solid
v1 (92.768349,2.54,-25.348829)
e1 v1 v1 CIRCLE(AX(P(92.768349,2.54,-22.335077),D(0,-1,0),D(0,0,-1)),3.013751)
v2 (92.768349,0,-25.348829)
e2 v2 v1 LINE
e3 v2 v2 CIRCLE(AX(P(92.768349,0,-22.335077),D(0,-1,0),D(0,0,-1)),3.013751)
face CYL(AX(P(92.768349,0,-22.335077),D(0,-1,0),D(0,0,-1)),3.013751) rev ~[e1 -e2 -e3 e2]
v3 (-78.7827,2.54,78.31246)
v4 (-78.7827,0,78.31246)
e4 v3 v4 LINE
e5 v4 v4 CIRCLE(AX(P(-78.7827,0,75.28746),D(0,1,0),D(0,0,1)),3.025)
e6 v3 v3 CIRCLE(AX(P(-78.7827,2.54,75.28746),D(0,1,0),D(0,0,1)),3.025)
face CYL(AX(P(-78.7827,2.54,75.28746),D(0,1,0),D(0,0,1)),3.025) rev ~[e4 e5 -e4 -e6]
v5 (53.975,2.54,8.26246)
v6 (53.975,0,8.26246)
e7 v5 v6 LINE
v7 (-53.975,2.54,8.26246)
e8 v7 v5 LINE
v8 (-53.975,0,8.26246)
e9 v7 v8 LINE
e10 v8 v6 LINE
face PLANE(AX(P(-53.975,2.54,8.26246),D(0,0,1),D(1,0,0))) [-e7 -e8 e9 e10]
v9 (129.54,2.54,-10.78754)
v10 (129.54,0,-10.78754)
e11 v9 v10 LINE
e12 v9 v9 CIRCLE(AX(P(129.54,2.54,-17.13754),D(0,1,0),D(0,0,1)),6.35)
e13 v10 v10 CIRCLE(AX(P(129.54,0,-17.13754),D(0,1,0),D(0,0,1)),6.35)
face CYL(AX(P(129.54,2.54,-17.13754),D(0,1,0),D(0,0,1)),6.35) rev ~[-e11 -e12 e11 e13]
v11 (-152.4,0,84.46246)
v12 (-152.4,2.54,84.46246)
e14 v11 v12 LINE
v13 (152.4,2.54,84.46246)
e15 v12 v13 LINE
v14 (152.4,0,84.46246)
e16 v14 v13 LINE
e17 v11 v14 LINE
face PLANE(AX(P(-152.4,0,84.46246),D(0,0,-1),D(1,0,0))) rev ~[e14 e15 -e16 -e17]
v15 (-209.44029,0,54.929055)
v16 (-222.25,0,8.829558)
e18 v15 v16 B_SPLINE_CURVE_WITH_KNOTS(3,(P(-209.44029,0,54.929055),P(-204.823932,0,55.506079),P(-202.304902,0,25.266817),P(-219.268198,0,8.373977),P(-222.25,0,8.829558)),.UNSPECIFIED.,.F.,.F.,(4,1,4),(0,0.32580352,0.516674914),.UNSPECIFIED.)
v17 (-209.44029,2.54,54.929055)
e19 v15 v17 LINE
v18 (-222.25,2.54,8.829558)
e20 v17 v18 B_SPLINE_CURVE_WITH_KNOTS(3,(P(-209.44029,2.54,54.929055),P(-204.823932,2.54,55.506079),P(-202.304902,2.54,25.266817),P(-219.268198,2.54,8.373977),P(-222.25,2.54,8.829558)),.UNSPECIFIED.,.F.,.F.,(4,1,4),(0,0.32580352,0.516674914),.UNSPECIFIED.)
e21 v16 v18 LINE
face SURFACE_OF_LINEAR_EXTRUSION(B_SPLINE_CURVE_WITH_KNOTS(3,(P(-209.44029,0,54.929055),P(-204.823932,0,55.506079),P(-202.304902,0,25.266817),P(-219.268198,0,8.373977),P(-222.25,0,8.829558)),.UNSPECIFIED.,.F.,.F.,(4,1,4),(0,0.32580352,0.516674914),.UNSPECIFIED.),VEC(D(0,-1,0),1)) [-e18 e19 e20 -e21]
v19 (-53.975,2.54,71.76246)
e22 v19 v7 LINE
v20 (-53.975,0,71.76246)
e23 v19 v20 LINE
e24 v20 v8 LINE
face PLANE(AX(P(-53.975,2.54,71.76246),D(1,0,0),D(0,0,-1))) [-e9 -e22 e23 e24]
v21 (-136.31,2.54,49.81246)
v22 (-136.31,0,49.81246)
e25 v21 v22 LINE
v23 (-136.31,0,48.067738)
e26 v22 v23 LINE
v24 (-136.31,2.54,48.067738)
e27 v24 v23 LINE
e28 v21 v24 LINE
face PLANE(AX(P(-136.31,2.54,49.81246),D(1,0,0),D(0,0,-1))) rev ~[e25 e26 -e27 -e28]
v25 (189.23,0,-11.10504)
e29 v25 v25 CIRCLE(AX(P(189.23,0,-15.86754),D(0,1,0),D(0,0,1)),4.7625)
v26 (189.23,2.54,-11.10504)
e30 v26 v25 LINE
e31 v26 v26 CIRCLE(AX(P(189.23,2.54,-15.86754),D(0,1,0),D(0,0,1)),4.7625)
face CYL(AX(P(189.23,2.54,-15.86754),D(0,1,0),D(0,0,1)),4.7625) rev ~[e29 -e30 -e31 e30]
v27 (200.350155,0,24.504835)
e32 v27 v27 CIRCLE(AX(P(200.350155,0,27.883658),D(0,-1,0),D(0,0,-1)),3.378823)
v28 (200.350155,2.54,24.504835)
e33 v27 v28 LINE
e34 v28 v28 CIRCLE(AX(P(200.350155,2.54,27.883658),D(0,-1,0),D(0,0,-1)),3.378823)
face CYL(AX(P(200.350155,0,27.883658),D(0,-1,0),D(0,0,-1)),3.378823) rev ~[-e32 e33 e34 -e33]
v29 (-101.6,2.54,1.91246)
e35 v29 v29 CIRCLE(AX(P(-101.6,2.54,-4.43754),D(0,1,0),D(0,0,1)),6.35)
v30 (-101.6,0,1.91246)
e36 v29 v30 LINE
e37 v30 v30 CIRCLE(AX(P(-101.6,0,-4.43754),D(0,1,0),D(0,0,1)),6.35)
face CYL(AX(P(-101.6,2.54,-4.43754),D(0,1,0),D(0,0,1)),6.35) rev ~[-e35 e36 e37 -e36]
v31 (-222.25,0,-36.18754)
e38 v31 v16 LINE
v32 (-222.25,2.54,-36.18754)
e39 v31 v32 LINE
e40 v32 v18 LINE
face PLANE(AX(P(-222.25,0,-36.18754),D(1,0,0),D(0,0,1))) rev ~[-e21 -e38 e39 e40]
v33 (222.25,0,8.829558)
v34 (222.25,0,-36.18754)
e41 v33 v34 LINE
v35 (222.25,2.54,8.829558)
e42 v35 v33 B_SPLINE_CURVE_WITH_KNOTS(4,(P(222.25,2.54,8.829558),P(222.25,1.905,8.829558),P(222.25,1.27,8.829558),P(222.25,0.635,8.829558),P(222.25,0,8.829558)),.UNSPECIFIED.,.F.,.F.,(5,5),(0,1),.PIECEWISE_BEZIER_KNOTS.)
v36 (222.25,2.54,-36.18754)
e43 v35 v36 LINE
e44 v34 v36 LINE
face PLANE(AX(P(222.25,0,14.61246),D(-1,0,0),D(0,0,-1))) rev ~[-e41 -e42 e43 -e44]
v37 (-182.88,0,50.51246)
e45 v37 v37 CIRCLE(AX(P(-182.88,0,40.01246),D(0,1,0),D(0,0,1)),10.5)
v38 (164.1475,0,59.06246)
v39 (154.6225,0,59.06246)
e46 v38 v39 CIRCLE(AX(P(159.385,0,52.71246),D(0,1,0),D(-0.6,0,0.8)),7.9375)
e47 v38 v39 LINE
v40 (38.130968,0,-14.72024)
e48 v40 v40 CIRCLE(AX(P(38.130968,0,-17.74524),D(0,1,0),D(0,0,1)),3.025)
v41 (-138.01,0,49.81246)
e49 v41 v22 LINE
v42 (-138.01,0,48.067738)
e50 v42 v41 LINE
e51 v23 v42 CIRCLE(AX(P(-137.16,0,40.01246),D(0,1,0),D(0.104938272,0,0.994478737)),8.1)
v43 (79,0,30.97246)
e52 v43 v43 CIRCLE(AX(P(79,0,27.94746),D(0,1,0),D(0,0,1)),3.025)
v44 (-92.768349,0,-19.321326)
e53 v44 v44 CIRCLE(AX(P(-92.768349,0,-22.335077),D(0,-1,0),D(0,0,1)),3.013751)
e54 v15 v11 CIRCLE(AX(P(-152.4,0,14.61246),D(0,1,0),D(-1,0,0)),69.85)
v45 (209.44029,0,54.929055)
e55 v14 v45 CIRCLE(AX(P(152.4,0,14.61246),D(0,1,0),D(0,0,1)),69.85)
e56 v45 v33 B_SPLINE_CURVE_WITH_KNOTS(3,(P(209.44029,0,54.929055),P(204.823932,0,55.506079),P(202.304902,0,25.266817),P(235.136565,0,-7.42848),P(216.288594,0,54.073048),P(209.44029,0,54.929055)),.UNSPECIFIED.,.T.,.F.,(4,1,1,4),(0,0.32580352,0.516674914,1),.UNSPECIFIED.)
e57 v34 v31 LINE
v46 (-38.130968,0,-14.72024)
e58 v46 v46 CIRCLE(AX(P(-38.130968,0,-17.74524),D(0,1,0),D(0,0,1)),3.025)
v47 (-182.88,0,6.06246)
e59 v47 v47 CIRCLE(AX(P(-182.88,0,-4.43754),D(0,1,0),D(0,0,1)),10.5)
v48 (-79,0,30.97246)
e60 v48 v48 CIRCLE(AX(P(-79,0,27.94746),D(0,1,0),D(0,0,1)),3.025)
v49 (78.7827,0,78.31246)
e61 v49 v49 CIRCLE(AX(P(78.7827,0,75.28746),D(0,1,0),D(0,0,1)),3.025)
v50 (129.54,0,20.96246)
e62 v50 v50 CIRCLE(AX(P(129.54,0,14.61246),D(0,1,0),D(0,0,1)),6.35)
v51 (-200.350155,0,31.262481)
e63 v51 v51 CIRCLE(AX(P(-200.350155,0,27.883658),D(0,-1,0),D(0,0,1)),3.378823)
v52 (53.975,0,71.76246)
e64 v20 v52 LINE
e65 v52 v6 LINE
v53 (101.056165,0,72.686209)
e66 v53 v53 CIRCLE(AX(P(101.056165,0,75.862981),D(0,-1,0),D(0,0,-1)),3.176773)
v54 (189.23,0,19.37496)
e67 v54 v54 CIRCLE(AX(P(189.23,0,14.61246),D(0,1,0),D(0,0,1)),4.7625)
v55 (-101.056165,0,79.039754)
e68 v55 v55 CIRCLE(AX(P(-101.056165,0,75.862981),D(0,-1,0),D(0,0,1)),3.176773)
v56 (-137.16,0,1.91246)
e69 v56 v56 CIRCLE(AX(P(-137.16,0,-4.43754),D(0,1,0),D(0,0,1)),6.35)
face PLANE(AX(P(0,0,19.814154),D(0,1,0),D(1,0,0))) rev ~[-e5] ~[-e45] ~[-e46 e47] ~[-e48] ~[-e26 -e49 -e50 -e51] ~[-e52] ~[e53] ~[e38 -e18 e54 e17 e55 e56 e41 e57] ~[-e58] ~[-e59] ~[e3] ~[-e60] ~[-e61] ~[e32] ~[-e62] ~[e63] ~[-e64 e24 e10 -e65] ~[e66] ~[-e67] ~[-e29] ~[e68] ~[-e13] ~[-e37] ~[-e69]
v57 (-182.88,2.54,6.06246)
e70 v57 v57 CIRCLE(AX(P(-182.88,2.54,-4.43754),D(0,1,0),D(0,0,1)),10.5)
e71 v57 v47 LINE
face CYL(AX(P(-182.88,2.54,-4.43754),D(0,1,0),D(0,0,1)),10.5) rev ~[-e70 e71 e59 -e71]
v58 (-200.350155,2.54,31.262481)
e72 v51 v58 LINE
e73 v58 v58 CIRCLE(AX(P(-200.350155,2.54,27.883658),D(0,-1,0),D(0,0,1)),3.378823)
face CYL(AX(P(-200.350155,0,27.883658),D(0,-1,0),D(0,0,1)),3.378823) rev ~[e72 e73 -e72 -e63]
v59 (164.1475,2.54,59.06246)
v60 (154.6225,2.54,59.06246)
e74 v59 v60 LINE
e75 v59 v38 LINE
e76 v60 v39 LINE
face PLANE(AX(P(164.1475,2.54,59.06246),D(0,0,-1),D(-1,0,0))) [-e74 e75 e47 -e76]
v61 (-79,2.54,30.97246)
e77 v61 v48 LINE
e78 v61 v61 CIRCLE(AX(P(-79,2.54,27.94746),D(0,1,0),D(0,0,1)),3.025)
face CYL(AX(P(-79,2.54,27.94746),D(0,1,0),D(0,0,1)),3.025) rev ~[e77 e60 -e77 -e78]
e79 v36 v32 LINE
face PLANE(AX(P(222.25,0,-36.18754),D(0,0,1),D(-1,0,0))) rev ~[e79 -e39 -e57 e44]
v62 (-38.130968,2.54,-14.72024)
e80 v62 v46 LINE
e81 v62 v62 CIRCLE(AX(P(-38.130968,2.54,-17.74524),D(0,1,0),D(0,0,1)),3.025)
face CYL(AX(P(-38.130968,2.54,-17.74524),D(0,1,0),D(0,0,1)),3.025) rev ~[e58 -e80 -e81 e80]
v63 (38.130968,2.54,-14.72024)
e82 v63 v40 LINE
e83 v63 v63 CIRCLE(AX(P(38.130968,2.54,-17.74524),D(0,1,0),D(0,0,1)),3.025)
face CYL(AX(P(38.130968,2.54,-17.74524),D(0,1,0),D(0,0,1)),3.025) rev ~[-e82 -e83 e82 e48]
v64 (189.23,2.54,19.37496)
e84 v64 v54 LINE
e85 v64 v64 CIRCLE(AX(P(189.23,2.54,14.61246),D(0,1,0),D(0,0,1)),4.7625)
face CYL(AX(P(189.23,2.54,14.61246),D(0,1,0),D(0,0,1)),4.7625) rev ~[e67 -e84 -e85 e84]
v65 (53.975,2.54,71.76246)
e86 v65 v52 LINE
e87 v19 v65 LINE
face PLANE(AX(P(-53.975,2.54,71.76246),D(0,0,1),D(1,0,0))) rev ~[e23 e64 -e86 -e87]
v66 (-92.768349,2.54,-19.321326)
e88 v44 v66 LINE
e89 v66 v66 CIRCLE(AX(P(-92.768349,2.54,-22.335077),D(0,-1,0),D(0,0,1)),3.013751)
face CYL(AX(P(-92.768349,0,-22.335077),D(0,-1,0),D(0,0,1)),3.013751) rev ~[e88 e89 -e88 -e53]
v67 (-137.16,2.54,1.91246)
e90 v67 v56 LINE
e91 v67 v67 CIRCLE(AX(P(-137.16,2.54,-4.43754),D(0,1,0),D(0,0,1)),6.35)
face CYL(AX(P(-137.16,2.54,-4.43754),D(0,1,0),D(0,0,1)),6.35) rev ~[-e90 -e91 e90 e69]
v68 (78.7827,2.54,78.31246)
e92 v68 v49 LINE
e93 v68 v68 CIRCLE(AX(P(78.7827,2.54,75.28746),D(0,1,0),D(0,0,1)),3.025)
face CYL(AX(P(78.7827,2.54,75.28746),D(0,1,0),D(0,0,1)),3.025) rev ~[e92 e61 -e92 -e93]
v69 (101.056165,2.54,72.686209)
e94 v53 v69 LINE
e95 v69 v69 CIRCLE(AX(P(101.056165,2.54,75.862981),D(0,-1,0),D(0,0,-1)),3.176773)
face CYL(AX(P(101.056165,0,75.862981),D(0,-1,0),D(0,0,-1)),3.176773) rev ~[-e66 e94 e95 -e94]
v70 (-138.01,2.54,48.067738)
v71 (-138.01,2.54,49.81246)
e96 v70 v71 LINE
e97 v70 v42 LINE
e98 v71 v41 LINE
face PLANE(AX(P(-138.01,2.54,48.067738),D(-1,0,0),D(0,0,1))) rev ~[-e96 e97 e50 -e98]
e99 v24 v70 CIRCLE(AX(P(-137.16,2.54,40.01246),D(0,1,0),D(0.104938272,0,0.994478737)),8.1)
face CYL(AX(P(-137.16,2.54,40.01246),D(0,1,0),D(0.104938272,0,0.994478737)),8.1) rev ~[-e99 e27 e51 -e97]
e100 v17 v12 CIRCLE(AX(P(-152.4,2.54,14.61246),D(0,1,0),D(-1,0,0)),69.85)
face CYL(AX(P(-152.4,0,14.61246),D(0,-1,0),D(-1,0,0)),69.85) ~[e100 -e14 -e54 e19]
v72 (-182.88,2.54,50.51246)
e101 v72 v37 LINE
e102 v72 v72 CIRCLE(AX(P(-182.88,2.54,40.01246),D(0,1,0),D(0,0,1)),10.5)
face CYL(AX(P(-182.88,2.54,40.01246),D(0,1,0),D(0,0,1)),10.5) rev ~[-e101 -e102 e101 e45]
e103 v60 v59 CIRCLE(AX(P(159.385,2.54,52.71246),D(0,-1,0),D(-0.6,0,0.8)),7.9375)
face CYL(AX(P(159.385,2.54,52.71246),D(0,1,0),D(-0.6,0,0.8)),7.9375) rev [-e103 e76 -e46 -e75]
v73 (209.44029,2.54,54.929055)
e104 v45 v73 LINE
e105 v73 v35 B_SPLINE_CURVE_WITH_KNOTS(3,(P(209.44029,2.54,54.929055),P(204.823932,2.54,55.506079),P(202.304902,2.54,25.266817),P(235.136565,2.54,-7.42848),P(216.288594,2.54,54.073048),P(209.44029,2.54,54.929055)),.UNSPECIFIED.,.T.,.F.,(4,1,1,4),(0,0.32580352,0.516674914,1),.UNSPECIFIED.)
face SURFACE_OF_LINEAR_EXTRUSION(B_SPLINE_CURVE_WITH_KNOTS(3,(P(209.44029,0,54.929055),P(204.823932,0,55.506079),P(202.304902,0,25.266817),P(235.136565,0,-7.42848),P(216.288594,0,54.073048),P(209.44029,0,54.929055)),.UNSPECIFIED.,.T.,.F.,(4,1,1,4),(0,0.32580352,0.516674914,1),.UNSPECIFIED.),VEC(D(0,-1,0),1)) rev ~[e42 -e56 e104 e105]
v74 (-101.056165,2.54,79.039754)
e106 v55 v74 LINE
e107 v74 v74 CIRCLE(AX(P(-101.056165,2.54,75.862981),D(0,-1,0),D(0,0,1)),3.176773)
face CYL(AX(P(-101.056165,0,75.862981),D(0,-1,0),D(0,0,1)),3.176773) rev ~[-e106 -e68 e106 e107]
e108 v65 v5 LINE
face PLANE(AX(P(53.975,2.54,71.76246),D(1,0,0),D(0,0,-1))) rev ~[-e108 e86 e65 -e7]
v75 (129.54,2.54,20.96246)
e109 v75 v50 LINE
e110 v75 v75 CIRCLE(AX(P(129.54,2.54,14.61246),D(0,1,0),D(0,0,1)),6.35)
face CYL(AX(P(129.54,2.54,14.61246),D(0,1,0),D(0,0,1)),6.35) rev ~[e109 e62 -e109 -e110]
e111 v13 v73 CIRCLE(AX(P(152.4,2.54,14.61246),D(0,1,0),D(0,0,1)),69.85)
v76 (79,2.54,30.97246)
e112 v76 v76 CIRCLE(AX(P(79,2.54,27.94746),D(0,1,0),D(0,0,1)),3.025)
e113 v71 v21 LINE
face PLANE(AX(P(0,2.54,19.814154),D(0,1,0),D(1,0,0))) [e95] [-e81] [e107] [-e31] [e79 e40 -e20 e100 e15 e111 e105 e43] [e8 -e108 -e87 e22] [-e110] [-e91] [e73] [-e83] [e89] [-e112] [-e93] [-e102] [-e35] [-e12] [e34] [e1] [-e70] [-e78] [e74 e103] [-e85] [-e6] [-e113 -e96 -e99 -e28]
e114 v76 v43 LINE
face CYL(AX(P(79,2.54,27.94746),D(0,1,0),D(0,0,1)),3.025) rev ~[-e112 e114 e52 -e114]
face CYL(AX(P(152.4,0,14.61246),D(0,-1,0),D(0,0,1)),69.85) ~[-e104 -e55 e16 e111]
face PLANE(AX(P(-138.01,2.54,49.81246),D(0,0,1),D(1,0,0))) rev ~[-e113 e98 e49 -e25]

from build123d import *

# Parameters (mm, degrees)
BOSS_EXTRUDE1_DEPTH = 2.54
SKETCH2_W           = 107.95
SKETCH2_H           = 63.5
CUT_EXTRUDE1_DEPTH  = 238.771783963
CUT_EXTRUDE4_START  = -2.54
CUT_EXTRUDE4_DEPTH  = 2.54
SKETCH4_R           = 4.7625
SKETCH4_R_2         = 6.35
SKETCH4_R_3         = 10.5
SKETCH4_R_4         = 3.025
CUT_EXTRUDE3_DEPTH  = 238.771784093
SKETCH6_R           = 3.013751163
SKETCH6_R_2         = 3.176772659
SKETCH6_R_3         = 3.378822927
CUT_EXTRUDE5_DEPTH  = 238.771784093


with BuildPart() as part:
    # Sketch1 → Boss-Extrude1 (new body)
    with BuildSketch(Plane(origin=(0, 0, 0), x_dir=(1, 0, 0), z_dir=(0, 1, 0))):
        with BuildLine():
            Line((222.25, -14.612459999), (222.25, 36.187540001))
            Line((222.25, 36.187540001), (-222.25, 36.187540001))
            Line((-222.25, 36.187540001), (-222.25, -14.612459999))
            ThreePointArc((-222.25, -14.612459999), (-201.791408666, -64.003868664), (-152.4, -84.462459999))
            Line((-152.4, -84.462459999), (152.4, -84.462459999))
            ThreePointArc((152.4, -84.462459999), (201.791408666, -64.003868664), (222.25, -14.612459999))
        make_face()
    extrude(amount=BOSS_EXTRUDE1_DEPTH)

    # Sketch2 → Cut-Extrude1 (cut, through all)
    with BuildSketch(Plane(origin=(0, 2.54, 0), x_dir=(1, 0, 0), z_dir=(0, 1, 0))):
        with Locations((0, -40.012459999)):
            Rectangle(SKETCH2_W, SKETCH2_H)
    extrude(amount=-CUT_EXTRUDE1_DEPTH, mode=Mode.SUBTRACT)

    # Sketch5 → Cut-Extrude4 (cut)
    with BuildSketch(Plane(origin=(0, 2.54, 0), x_dir=(1, 0, 0), z_dir=(0, 1, 0)).offset(CUT_EXTRUDE4_START)):
        with BuildLine():
            ThreePointArc((-222.25, -14.612459999), (-218.970589391, -35.763798683), (-209.440289817, -54.929055063))
            add(Edge.make_bspline(
                [(-209.440289817, -54.929055063), (-204.823931799, -55.506078622), (-202.304901657, -25.266816537), (-219.26819847, -8.373976847), (-222.25, -8.829558466)],
                knots=[0, 0, 0, 0, 0.32580352, 0.516674914, 0.516674914, 0.516674914, 0.516674914], degree=3))
            Line((-222.25, -8.829558466), (-222.25, -14.612459999))
        make_face()
        with BuildLine():
            add(Edge.make_bspline(
                [(-222.25, -8.829558466), (-229.800526338, -9.983183543), (-216.288594077, -54.073048471), (-209.440289817, -54.929055063)],
                knots=[0.516674914, 0.516674914, 0.516674914, 0.516674914, 1, 1, 1, 1], degree=3))
            ThreePointArc((-209.440289817, -54.929055063), (-218.970589391, -35.763798683), (-222.25, -14.612459999))
            Line((-222.25, -14.612459999), (-222.25, -8.829558466))
        make_face()
        with BuildLine():
            add(Edge.make_bspline(
                [(209.440289817, -54.929055063), (204.823931799, -55.506078622), (202.304901657, -25.266816537), (235.136564978, 7.428480335), (216.288594077, -54.073048471), (209.440289817, -54.929055063)],
                knots=[0, 0, 0, 0, 0.32580352, 0.516674914, 1, 1, 1, 1], degree=3))
        make_face()
    extrude(amount=CUT_EXTRUDE4_DEPTH, mode=Mode.SUBTRACT)

    # Sketch4 → Cut-Extrude3 (cut, through all)
    with BuildSketch(Plane(origin=(0, 2.54, 0), x_dir=(1, 0, 0), z_dir=(0, 1, 0))):
        with Locations(Location((189.23, 15.867540001, 0), (0, 0, 270))):
            Circle(SKETCH4_R)
        with Locations(Location((-137.16, 4.437540001, 0), (0, 0, 270))):
            Circle(SKETCH4_R_2)
        with Locations(Location((129.54, 17.137540001, 0), (0, 0, 270))):
            Circle(SKETCH4_R_2)
        with Locations(Location((129.54, -14.612459999, 0), (0, 0, 270))):
            Circle(SKETCH4_R_2)
        with Locations(Location((189.23, -14.612459999, 0), (0, 0, 270))):
            Circle(SKETCH4_R)
        with Locations(Location((-182.88, -40.012459999, 0), (0, 0, 270))):
            Circle(SKETCH4_R_3)
        with Locations(Location((-182.88, 4.437540001, 0), (0, 0, 270))):
            Circle(SKETCH4_R_3)
        with Locations(Location((-101.6, 4.437540001, 0), (0, 0, 270))):
            Circle(SKETCH4_R_2)
        with Locations(Location((-38.130967929, 17.745240001, 0), (0, 0, 270))):
            Circle(SKETCH4_R_4)
        with Locations(Location((-79, -27.947459999, 0), (0, 0, 270))):
            Circle(SKETCH4_R_4)
        with Locations(Location((-78.7827, -75.287459999, 0), (0, 0, 270))):
            Circle(SKETCH4_R_4)
        with Locations(Location((78.7827, -75.287459999, 0), (0, 0, 270))):
            Circle(SKETCH4_R_4)
        with Locations(Location((79, -27.947459999, 0), (0, 0, 270))):
            Circle(SKETCH4_R_4)
        with Locations(Location((38.130967929, 17.745240001, 0), (0, 0, 270))):
            Circle(SKETCH4_R_4)
        with BuildLine():
            Line((-138.01, -48.067737772), (-138.01, -49.812459999))
            Line((-138.01, -49.812459999), (-136.31, -49.812459999))
            Line((-136.31, -49.812459999), (-136.31, -48.067737772))
            ThreePointArc((-136.31, -48.067737772), (-137.16, -31.912459999), (-138.01, -48.067737772))
        make_face()
        with BuildLine():
            Line((164.1475, -59.062459999), (154.6225, -59.062459999))
            ThreePointArc((154.6225, -59.062459999), (159.385, -44.774959999), (164.1475, -59.062459999))
        make_face()
    extrude(amount=-CUT_EXTRUDE3_DEPTH, mode=Mode.SUBTRACT)

    # Sketch6 → Cut-Extrude5 (cut, through all)
    with BuildSketch(Plane.XZ):
        with Locations(Location((92.768348893, -22.335077387, 0), (0, 0, 270))):
            Circle(SKETCH6_R)
        with Locations(Location((101.056164591, 75.862981341, 0), (0, 0, 270))):
            Circle(SKETCH6_R_2)
        with Locations(Location((200.350154748, 27.883658386, 0), (0, 0, 270))):
            Circle(SKETCH6_R_3)
        with Locations(Location((-92.768348893, -22.335077387, 0), (0, 0, 90))):
            Circle(SKETCH6_R)
        with Locations(Location((-200.350154748, 27.883658386, 0), (0, 0, 90))):
            Circle(SKETCH6_R_3)
        with Locations(Location((-101.056164591, 75.862981341, 0), (0, 0, 90))):
            Circle(SKETCH6_R_2)
    extrude(amount=-CUT_EXTRUDE5_DEPTH, mode=Mode.SUBTRACT)


solid = part.part
